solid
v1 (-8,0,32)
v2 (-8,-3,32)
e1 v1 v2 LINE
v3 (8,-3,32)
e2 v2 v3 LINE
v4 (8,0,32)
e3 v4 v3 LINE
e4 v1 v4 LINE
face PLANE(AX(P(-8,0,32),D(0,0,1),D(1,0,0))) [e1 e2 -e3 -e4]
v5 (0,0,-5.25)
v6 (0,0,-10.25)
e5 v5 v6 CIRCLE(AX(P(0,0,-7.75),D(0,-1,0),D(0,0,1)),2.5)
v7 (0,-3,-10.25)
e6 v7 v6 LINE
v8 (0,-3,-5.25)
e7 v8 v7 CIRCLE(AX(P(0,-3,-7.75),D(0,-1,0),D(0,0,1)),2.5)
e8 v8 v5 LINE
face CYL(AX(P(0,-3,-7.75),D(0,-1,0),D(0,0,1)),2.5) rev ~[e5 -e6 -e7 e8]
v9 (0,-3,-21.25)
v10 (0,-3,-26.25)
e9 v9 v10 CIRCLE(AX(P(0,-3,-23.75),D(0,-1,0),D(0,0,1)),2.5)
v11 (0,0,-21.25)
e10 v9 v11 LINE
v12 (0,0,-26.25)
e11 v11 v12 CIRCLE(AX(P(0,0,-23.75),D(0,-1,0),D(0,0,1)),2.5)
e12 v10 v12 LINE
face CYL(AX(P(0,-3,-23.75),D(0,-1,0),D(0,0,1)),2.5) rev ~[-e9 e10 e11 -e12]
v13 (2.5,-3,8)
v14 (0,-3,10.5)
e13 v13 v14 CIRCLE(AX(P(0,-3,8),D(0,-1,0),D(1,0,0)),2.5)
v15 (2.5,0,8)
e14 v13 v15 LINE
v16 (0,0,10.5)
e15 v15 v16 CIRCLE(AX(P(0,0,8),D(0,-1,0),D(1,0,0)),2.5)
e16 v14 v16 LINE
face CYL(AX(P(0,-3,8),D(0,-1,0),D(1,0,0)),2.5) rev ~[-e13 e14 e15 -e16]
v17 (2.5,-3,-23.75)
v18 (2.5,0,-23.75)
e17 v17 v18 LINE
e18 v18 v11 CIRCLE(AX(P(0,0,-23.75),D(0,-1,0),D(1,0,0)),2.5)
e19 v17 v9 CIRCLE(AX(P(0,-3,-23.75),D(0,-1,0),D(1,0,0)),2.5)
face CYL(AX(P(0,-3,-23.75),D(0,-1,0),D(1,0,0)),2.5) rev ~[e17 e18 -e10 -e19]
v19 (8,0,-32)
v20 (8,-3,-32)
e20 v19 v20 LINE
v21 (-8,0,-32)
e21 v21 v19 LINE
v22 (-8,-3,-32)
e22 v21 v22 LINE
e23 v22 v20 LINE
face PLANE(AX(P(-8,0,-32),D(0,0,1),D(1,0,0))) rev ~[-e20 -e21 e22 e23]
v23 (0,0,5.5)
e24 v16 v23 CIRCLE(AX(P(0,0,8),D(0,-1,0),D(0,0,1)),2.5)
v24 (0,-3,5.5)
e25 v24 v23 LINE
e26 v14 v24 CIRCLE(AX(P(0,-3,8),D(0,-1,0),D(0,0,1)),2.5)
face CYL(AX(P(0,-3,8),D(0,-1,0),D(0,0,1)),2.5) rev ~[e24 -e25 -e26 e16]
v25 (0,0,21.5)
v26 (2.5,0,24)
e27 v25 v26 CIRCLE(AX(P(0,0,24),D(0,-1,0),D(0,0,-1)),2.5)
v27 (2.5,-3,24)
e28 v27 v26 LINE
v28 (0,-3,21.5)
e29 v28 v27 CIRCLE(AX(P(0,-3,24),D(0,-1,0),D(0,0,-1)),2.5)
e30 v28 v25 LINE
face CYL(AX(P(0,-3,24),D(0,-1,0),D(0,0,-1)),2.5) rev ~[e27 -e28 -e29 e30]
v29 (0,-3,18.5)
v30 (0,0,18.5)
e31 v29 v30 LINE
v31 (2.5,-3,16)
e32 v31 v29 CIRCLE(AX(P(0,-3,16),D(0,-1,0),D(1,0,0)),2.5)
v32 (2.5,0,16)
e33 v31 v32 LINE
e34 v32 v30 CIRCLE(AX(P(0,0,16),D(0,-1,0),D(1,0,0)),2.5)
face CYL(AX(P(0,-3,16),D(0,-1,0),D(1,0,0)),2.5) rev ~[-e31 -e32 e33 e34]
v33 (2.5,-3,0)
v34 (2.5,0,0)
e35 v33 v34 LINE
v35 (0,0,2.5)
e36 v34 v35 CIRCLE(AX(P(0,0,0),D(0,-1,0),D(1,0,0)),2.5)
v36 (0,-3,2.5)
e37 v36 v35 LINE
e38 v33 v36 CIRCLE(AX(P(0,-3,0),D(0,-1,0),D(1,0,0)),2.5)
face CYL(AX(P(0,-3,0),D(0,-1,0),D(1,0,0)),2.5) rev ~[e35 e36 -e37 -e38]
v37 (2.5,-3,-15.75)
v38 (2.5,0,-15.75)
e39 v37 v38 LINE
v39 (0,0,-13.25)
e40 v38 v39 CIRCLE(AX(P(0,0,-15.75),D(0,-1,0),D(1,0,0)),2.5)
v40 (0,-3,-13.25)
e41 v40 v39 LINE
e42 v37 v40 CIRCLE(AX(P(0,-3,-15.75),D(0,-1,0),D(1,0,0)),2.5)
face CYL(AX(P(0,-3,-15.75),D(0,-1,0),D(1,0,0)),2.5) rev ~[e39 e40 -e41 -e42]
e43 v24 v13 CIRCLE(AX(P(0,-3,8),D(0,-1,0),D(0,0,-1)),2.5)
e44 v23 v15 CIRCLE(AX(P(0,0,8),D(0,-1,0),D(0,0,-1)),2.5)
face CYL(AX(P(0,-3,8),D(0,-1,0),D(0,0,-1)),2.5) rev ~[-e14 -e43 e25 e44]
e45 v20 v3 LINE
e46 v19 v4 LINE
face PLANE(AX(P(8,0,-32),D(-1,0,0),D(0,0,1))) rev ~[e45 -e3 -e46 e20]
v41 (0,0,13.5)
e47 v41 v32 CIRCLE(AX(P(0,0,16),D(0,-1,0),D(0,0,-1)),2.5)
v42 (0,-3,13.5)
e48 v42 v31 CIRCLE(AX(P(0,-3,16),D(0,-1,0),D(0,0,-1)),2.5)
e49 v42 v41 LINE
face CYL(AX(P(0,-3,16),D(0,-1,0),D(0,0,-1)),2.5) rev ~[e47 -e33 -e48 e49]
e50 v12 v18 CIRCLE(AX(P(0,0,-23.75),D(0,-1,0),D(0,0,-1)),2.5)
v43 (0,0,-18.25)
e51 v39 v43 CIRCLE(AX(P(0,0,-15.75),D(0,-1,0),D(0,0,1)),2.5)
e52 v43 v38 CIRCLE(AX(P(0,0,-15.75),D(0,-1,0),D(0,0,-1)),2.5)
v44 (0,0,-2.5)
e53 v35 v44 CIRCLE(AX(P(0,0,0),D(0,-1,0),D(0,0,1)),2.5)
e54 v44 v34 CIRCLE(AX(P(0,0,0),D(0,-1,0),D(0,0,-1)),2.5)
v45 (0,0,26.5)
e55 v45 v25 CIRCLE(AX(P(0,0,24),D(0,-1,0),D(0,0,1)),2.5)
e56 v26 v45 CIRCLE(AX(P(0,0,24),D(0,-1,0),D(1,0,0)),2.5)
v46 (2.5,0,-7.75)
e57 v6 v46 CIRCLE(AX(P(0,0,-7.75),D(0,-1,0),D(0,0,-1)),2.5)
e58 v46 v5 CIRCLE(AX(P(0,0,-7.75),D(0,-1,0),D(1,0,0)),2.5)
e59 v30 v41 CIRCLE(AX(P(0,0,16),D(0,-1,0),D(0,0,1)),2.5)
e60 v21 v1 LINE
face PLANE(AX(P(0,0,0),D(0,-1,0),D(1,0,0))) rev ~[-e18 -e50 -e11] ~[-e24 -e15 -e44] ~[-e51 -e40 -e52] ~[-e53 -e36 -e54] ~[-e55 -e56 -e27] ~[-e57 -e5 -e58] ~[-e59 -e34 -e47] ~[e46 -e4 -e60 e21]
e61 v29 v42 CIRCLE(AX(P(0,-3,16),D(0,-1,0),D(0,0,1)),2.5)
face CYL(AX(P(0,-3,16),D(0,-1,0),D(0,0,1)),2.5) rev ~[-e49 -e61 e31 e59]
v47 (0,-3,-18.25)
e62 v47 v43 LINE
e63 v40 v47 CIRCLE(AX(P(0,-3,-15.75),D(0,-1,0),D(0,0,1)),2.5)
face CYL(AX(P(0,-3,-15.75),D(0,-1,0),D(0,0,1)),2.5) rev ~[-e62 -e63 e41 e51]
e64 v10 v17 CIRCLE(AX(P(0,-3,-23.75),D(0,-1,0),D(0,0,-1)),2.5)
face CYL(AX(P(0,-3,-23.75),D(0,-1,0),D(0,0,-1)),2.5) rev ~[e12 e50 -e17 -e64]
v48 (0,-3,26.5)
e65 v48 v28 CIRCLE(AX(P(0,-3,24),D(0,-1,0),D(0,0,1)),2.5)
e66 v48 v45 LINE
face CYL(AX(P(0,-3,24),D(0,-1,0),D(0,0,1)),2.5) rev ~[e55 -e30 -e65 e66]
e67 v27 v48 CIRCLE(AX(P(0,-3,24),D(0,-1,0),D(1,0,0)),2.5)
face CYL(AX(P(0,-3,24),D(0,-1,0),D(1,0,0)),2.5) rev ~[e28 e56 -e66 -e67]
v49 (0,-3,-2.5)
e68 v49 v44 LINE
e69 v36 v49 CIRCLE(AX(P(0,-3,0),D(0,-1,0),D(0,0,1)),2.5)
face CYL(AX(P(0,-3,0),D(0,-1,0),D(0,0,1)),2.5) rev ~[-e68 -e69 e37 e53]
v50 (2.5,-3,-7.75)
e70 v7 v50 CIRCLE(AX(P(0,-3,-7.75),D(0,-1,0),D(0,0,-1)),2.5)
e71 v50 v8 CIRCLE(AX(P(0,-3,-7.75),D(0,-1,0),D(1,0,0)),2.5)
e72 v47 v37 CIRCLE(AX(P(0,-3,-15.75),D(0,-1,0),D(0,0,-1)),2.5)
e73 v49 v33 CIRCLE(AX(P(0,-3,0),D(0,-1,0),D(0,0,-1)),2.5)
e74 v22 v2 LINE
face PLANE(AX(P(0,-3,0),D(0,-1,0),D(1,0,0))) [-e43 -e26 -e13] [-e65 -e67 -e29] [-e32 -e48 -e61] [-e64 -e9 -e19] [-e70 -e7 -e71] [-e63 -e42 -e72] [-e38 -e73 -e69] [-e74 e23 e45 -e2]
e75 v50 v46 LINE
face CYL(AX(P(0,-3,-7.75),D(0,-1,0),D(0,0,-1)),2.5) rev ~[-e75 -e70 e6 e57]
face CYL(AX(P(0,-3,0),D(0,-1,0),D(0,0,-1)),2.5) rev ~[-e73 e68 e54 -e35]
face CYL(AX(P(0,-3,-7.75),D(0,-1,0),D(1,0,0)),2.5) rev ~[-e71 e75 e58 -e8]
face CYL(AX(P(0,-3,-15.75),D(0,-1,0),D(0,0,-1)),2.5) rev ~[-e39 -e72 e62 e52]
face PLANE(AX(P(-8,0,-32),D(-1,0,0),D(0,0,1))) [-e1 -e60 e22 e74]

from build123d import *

# Parameters (mm, degrees)
F0_W     = 16
F0_H     = 64
F1_DEPTH = 3
F4_DEPTH = 3.001


with BuildPart() as f1:
    # F0 (on Front) → F1 (new body)
    with BuildSketch(Plane.XZ):
        Rectangle(F0_W, F0_H)
    extrude(amount=F1_DEPTH)

    # F2 (on face) → F4 (cut, through all)
    with BuildSketch(Plane.XZ.offset(3)):
        with BuildLine():
            ThreePointArc((2.5, 24), (1.767766953, 25.767766953), (0, 26.5))
            Line((0, 26.5), (0, 21.5))
            ThreePointArc((0, 21.5), (1.767766953, 22.232233047), (2.5, 24))
        make_face()
        with BuildLine():
            Line((0, 21.5), (0, 26.5))
            ThreePointArc((0, 26.5), (-2.5, 24), (0, 21.5))
        make_face()
        with BuildLine():
            ThreePointArc((2.5, 16), (1.767766953, 17.767766953), (0, 18.5))
            Line((0, 18.5), (0, 13.5))
            ThreePointArc((0, 13.5), (1.767766953, 14.232233047), (2.5, 16))
        make_face()
        with BuildLine():
            Line((0, 13.5), (0, 18.5))
            ThreePointArc((0, 18.5), (-2.5, 16), (0, 13.5))
        make_face()
        with BuildLine():
            ThreePointArc((2.5, 8), (1.767766953, 9.767766953), (0, 10.5))
            Line((0, 10.5), (0, 5.5))
            ThreePointArc((0, 5.5), (1.767766953, 6.232233047), (2.5, 8))
        make_face()
        with BuildLine():
            Line((0, 5.5), (0, 10.5))
            ThreePointArc((0, 10.5), (-2.5, 8), (0, 5.5))
        make_face()
        with BuildLine():
            ThreePointArc((2.5, 0), (1.767766953, 1.767766953), (0, 2.5))
            Line((0, 2.5), (0, -2.5))
            ThreePointArc((0, -2.5), (1.767766953, -1.767766953), (2.5, 0))
        make_face()
        with BuildLine():
            Line((0, -2.5), (0, 2.5))
            ThreePointArc((0, 2.5), (-2.5, 0), (0, -2.5))
        make_face()
        with BuildLine():
            Line((0, -5.25), (0, -10.25))
            ThreePointArc((0, -10.25), (1.767766953, -9.517766953), (2.5, -7.75))
            ThreePointArc((2.5, -7.75), (1.767766953, -5.982233047), (0, -5.25))
        make_face()
        with BuildLine():
            ThreePointArc((0, -5.25), (-2.5, -7.75), (0, -10.25))
            Line((0, -10.25), (0, -5.25))
        make_face()
        with BuildLine():
            Line((0, -13.25), (0, -18.25))
            ThreePointArc((0, -18.25), (1.767766953, -17.517766953), (2.5, -15.75))
            ThreePointArc((2.5, -15.75), (1.767766953, -13.982233047), (0, -13.25))
        make_face()
        with BuildLine():
            ThreePointArc((0, -13.25), (-2.5, -15.75), (0, -18.25))
            Line((0, -18.25), (0, -13.25))
        make_face()
        with BuildLine():
            Line((0, -21.25), (0, -26.25))
            ThreePointArc((0, -26.25), (1.767766953, -25.517766953), (2.5, -23.75))
            ThreePointArc((2.5, -23.75), (1.767766953, -21.982233047), (0, -21.25))
        make_face()
        with BuildLine():
            ThreePointArc((0, -21.25), (-2.5, -23.75), (0, -26.25))
            Line((0, -26.25), (0, -21.25))
        make_face()
    extrude(amount=-F4_DEPTH, mode=Mode.SUBTRACT)


solid = f1.part
